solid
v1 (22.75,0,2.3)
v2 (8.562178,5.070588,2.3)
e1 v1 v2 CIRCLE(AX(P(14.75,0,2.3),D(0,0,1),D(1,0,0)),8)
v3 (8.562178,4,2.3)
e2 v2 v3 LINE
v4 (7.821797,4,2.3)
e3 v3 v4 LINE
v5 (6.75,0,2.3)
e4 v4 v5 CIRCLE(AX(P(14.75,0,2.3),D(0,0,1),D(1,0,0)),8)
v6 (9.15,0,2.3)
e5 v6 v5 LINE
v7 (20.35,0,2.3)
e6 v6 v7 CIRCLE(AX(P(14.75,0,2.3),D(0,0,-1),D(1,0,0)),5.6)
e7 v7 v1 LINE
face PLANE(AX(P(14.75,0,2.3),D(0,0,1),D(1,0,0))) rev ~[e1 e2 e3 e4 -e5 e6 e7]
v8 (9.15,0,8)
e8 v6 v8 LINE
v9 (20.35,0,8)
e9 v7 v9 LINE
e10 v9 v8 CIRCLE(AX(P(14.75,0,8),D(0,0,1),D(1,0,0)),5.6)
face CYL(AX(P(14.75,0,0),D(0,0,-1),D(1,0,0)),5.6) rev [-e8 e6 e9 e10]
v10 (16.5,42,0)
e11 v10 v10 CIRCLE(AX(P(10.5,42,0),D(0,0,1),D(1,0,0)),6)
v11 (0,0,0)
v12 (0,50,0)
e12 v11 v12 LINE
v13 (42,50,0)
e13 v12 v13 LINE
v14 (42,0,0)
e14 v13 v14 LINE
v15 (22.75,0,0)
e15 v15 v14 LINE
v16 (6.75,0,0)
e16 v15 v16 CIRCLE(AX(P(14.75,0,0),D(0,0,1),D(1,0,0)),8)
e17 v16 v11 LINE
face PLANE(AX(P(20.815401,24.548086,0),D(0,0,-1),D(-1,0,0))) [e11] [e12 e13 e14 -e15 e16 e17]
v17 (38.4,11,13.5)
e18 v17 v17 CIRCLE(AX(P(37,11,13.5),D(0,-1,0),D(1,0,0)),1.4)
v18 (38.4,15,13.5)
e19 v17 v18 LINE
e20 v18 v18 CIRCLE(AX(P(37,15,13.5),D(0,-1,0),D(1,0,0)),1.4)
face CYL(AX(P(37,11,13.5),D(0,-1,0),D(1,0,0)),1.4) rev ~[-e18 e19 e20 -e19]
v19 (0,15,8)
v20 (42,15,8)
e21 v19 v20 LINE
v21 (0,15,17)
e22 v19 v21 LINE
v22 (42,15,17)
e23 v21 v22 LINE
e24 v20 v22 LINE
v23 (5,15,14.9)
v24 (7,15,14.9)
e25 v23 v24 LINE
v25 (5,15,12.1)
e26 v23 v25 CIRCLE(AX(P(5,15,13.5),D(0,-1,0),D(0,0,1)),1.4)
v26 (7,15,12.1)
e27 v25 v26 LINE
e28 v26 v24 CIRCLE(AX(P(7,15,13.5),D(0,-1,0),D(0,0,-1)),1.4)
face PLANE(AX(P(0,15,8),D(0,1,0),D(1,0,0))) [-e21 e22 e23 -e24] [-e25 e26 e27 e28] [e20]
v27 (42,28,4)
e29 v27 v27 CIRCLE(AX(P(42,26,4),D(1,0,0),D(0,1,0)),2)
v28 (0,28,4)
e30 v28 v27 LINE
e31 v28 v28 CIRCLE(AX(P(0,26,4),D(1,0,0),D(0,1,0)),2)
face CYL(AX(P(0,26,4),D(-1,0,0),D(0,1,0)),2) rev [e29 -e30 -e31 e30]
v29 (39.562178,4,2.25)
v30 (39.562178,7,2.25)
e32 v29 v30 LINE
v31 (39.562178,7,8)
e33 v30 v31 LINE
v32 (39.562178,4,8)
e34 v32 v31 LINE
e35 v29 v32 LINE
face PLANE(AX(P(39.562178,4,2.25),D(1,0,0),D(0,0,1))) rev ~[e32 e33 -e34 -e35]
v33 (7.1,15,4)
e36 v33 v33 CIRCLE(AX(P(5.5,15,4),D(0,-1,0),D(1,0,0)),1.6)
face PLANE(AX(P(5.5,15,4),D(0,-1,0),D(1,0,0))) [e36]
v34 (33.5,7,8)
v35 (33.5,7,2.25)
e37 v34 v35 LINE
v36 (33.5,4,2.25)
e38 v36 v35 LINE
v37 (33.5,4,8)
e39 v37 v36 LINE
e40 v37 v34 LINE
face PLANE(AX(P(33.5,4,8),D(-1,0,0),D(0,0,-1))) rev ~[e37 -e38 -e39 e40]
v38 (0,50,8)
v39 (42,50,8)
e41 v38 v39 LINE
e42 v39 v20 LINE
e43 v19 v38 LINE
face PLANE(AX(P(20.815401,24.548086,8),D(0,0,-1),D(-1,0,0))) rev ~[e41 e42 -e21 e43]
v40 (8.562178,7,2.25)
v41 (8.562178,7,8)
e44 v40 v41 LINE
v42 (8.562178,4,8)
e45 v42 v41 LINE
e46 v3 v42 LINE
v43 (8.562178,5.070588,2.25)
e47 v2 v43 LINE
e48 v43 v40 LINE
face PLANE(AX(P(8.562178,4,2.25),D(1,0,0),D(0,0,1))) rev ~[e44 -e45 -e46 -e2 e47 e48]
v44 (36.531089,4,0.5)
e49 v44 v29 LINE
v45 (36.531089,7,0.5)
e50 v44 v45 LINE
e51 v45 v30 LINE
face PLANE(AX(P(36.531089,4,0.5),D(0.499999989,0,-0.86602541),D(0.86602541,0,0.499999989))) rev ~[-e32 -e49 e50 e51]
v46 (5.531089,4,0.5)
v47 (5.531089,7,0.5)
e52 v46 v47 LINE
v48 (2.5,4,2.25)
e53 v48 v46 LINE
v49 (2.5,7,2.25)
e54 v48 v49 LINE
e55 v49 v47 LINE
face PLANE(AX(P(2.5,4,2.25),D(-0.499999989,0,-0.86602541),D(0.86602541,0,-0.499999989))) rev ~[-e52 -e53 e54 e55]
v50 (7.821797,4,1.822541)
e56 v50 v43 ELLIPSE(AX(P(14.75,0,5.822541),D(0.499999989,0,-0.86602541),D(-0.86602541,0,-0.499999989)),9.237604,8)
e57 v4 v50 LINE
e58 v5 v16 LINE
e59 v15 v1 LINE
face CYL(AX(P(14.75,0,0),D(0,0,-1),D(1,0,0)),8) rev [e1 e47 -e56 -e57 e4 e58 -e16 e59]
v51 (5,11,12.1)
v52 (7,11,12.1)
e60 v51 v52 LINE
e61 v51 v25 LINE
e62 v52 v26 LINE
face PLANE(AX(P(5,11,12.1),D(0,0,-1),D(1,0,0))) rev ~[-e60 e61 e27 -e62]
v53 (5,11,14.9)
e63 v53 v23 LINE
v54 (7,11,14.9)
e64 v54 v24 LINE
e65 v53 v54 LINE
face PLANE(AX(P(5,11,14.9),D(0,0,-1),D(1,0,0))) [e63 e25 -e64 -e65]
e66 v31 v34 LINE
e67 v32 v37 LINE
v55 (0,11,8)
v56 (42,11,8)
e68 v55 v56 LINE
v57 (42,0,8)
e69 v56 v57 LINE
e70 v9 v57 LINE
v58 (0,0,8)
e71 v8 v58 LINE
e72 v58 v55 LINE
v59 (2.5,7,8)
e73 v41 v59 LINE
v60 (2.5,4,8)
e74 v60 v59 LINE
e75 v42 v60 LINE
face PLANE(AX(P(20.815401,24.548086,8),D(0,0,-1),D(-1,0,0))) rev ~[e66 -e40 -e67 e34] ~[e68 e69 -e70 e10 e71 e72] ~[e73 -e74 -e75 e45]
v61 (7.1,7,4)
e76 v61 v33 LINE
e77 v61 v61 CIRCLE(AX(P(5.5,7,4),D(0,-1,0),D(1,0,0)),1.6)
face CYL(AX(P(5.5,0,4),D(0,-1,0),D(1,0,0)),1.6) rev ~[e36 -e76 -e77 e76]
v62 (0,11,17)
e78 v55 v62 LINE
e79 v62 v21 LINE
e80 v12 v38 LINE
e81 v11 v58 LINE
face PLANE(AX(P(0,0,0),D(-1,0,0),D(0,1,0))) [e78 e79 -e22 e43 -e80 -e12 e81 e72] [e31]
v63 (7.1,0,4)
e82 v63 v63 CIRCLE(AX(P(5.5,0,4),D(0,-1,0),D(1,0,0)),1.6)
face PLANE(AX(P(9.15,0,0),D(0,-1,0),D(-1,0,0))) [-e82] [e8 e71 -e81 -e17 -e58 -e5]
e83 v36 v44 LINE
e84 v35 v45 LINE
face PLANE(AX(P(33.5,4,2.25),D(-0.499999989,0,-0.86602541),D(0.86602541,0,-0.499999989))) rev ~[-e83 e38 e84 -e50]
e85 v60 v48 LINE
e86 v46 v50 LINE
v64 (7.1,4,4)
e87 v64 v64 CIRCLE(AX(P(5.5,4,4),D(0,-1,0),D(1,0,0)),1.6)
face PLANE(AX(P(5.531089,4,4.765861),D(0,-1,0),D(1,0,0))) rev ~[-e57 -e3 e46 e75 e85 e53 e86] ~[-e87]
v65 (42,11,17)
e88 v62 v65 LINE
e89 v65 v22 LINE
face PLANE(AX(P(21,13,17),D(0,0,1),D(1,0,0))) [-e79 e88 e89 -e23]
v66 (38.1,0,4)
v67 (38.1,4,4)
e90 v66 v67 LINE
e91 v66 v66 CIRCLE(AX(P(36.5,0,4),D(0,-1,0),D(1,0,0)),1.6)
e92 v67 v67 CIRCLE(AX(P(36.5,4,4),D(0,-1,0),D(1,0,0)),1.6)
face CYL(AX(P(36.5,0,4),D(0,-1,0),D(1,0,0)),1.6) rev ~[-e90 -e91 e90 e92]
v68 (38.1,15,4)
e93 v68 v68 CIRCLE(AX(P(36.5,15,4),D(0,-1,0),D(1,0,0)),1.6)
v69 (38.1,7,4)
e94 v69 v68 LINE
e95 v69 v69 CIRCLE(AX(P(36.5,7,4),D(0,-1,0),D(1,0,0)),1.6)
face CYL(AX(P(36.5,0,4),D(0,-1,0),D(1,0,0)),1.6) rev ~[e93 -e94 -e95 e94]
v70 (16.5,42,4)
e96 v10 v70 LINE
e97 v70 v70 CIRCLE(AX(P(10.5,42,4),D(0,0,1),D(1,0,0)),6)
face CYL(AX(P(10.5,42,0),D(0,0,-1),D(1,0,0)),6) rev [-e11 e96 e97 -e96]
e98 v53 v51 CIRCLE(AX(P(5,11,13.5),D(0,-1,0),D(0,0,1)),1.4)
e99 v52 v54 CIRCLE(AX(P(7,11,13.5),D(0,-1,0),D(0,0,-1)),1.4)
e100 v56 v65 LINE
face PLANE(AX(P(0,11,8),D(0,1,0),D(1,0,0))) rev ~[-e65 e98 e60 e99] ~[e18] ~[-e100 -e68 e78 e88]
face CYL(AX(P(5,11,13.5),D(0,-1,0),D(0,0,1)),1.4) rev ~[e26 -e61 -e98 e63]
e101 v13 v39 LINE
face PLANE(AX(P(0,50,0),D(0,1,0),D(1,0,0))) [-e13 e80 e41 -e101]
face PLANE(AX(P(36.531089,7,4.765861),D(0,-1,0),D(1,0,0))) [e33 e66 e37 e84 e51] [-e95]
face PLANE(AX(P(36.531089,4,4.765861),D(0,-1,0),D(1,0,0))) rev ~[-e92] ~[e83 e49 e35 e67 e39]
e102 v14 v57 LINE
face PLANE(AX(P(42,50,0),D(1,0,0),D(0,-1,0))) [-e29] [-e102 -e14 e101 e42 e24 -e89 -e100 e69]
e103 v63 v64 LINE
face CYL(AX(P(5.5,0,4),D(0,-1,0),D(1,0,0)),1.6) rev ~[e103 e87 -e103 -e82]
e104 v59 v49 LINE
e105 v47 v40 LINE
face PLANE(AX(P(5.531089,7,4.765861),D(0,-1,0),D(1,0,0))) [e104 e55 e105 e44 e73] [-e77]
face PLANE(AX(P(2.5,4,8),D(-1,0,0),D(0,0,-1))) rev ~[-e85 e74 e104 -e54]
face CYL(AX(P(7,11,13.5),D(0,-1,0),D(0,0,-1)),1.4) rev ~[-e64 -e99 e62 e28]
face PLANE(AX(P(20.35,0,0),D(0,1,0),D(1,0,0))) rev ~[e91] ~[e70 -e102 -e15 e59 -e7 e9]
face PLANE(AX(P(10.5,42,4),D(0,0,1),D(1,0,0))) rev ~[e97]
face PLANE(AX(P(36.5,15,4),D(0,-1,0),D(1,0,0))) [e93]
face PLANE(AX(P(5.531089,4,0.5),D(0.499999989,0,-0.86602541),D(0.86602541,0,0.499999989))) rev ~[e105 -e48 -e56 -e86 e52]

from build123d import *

# Parameters (mm, degrees)
PAD006_DEPTH = 3
SKETCH005_R  = 8
PAD005_DEPTH = 2.3
SKETCH004_R  = 6
PAD004_DEPTH = 4
SKETCH007_R  = 1.6
PAD007_DEPTH = 15
SKETCH003_R  = 1.4
PAD003_DEPTH = 4
SKETCH002_W  = 42
SKETCH002_H  = 4
PAD002_DEPTH = 9
SKETCH001_R  = 2
PAD001_DEPTH = 42
PAD_DEPTH    = 8


with BuildPart() as nutmount:
    # Sketch006 → Pad006 (new body)
    with BuildSketch(Plane.XZ.offset(-4)):
        Polygon((5.531089, 0.5), (8.562178, 2.25), (8.562178, 5.75), (8.562178, 8), (2.5, 8), (2.5, 5.75), (2.5, 2.25), align=None)
        Polygon((39.562178, 2.25), (39.562178, 5.75), (39.562178, 8), (33.5, 8), (33.5, 5.75), (33.5, 2.25), (36.531089, 0.5), align=None)
    extrude(amount=-PAD006_DEPTH)


with BuildPart() as hotendmount:
    # Sketch005 → Pad005 (new body)
    with BuildSketch(Plane.XY):
        with Locations((14.75, 0)):
            Circle(SKETCH005_R)
    extrude(amount=PAD005_DEPTH)


with BuildPart() as springmount:
    # Sketch004 → Pad004 (new body)
    with BuildSketch(Plane.XY):
        with Locations((10.5, 42)):
            Circle(SKETCH004_R)
    extrude(amount=PAD004_DEPTH)


with BuildPart() as hotendmount02:
    # Sketch007 → Pad007 (new body)
    with BuildSketch(Plane.XZ):
        with Locations((5.5, 4)):
            Circle(SKETCH007_R)
        with Locations((36.5, 4)):
            Circle(SKETCH007_R)
    extrude(amount=-PAD007_DEPTH)


with BuildPart() as cutblock:
    # Sketch003 → Pad003 (new body)
    with BuildSketch(Plane.XZ.offset(-11)):
        with Locations((37, 13.5)):
            Circle(SKETCH003_R)
        with BuildLine():
            ThreePointArc((5, 14.9), (3.6, 13.5), (5, 12.1))
            Line((5, 12.1), (7, 12.1))
            ThreePointArc((7, 12.1), (8.4, 13.5), (7, 14.9))
            Line((5, 14.9), (7, 14.9))
        make_face()
    extrude(amount=-PAD003_DEPTH)

    # Fusion001: union NutMount, HotEndMount, SpringMount, HotEndMount02
    add(nutmount.part)
    add(hotendmount.part)
    add(springmount.part)
    add(hotendmount02.part)


with BuildPart() as pad002:
    # Sketch002 → Pad002 (new body)
    with BuildSketch(Plane.XY.offset(8)):
        with Locations((21, 13)):
            Rectangle(SKETCH002_W, SKETCH002_H)
    extrude(amount=PAD002_DEPTH)


with BuildPart() as pad001:
    # Sketch001 → Pad001 (new body)
    with BuildSketch(Plane.YZ):
        with Locations((26, 4)):
            Circle(SKETCH001_R)
    extrude(amount=PAD001_DEPTH)


with BuildPart() as final:
    # Sketch → Pad (new body)
    with BuildSketch(Plane.XY):
        with BuildLine():
            Line((0, 50), (42, 50))
            Line((42, 50), (42, 0))
            Line((20.35, 0), (42, 0))
            ThreePointArc((20.35, 0), (14.75, 5.6), (9.15, 0))
            Line((9.15, 0), (0, 0))
            Line((0, 0), (0, 50))
        make_face()
    extrude(amount=PAD_DEPTH)

    # Cut: cut Pad001
    add(pad001.part, mode=Mode.SUBTRACT)

    # Fusion: union Pad002
    add(pad002.part)

    # Cut001: cut CutBlock
    add(cutblock.part, mode=Mode.SUBTRACT)


solid = final.part
